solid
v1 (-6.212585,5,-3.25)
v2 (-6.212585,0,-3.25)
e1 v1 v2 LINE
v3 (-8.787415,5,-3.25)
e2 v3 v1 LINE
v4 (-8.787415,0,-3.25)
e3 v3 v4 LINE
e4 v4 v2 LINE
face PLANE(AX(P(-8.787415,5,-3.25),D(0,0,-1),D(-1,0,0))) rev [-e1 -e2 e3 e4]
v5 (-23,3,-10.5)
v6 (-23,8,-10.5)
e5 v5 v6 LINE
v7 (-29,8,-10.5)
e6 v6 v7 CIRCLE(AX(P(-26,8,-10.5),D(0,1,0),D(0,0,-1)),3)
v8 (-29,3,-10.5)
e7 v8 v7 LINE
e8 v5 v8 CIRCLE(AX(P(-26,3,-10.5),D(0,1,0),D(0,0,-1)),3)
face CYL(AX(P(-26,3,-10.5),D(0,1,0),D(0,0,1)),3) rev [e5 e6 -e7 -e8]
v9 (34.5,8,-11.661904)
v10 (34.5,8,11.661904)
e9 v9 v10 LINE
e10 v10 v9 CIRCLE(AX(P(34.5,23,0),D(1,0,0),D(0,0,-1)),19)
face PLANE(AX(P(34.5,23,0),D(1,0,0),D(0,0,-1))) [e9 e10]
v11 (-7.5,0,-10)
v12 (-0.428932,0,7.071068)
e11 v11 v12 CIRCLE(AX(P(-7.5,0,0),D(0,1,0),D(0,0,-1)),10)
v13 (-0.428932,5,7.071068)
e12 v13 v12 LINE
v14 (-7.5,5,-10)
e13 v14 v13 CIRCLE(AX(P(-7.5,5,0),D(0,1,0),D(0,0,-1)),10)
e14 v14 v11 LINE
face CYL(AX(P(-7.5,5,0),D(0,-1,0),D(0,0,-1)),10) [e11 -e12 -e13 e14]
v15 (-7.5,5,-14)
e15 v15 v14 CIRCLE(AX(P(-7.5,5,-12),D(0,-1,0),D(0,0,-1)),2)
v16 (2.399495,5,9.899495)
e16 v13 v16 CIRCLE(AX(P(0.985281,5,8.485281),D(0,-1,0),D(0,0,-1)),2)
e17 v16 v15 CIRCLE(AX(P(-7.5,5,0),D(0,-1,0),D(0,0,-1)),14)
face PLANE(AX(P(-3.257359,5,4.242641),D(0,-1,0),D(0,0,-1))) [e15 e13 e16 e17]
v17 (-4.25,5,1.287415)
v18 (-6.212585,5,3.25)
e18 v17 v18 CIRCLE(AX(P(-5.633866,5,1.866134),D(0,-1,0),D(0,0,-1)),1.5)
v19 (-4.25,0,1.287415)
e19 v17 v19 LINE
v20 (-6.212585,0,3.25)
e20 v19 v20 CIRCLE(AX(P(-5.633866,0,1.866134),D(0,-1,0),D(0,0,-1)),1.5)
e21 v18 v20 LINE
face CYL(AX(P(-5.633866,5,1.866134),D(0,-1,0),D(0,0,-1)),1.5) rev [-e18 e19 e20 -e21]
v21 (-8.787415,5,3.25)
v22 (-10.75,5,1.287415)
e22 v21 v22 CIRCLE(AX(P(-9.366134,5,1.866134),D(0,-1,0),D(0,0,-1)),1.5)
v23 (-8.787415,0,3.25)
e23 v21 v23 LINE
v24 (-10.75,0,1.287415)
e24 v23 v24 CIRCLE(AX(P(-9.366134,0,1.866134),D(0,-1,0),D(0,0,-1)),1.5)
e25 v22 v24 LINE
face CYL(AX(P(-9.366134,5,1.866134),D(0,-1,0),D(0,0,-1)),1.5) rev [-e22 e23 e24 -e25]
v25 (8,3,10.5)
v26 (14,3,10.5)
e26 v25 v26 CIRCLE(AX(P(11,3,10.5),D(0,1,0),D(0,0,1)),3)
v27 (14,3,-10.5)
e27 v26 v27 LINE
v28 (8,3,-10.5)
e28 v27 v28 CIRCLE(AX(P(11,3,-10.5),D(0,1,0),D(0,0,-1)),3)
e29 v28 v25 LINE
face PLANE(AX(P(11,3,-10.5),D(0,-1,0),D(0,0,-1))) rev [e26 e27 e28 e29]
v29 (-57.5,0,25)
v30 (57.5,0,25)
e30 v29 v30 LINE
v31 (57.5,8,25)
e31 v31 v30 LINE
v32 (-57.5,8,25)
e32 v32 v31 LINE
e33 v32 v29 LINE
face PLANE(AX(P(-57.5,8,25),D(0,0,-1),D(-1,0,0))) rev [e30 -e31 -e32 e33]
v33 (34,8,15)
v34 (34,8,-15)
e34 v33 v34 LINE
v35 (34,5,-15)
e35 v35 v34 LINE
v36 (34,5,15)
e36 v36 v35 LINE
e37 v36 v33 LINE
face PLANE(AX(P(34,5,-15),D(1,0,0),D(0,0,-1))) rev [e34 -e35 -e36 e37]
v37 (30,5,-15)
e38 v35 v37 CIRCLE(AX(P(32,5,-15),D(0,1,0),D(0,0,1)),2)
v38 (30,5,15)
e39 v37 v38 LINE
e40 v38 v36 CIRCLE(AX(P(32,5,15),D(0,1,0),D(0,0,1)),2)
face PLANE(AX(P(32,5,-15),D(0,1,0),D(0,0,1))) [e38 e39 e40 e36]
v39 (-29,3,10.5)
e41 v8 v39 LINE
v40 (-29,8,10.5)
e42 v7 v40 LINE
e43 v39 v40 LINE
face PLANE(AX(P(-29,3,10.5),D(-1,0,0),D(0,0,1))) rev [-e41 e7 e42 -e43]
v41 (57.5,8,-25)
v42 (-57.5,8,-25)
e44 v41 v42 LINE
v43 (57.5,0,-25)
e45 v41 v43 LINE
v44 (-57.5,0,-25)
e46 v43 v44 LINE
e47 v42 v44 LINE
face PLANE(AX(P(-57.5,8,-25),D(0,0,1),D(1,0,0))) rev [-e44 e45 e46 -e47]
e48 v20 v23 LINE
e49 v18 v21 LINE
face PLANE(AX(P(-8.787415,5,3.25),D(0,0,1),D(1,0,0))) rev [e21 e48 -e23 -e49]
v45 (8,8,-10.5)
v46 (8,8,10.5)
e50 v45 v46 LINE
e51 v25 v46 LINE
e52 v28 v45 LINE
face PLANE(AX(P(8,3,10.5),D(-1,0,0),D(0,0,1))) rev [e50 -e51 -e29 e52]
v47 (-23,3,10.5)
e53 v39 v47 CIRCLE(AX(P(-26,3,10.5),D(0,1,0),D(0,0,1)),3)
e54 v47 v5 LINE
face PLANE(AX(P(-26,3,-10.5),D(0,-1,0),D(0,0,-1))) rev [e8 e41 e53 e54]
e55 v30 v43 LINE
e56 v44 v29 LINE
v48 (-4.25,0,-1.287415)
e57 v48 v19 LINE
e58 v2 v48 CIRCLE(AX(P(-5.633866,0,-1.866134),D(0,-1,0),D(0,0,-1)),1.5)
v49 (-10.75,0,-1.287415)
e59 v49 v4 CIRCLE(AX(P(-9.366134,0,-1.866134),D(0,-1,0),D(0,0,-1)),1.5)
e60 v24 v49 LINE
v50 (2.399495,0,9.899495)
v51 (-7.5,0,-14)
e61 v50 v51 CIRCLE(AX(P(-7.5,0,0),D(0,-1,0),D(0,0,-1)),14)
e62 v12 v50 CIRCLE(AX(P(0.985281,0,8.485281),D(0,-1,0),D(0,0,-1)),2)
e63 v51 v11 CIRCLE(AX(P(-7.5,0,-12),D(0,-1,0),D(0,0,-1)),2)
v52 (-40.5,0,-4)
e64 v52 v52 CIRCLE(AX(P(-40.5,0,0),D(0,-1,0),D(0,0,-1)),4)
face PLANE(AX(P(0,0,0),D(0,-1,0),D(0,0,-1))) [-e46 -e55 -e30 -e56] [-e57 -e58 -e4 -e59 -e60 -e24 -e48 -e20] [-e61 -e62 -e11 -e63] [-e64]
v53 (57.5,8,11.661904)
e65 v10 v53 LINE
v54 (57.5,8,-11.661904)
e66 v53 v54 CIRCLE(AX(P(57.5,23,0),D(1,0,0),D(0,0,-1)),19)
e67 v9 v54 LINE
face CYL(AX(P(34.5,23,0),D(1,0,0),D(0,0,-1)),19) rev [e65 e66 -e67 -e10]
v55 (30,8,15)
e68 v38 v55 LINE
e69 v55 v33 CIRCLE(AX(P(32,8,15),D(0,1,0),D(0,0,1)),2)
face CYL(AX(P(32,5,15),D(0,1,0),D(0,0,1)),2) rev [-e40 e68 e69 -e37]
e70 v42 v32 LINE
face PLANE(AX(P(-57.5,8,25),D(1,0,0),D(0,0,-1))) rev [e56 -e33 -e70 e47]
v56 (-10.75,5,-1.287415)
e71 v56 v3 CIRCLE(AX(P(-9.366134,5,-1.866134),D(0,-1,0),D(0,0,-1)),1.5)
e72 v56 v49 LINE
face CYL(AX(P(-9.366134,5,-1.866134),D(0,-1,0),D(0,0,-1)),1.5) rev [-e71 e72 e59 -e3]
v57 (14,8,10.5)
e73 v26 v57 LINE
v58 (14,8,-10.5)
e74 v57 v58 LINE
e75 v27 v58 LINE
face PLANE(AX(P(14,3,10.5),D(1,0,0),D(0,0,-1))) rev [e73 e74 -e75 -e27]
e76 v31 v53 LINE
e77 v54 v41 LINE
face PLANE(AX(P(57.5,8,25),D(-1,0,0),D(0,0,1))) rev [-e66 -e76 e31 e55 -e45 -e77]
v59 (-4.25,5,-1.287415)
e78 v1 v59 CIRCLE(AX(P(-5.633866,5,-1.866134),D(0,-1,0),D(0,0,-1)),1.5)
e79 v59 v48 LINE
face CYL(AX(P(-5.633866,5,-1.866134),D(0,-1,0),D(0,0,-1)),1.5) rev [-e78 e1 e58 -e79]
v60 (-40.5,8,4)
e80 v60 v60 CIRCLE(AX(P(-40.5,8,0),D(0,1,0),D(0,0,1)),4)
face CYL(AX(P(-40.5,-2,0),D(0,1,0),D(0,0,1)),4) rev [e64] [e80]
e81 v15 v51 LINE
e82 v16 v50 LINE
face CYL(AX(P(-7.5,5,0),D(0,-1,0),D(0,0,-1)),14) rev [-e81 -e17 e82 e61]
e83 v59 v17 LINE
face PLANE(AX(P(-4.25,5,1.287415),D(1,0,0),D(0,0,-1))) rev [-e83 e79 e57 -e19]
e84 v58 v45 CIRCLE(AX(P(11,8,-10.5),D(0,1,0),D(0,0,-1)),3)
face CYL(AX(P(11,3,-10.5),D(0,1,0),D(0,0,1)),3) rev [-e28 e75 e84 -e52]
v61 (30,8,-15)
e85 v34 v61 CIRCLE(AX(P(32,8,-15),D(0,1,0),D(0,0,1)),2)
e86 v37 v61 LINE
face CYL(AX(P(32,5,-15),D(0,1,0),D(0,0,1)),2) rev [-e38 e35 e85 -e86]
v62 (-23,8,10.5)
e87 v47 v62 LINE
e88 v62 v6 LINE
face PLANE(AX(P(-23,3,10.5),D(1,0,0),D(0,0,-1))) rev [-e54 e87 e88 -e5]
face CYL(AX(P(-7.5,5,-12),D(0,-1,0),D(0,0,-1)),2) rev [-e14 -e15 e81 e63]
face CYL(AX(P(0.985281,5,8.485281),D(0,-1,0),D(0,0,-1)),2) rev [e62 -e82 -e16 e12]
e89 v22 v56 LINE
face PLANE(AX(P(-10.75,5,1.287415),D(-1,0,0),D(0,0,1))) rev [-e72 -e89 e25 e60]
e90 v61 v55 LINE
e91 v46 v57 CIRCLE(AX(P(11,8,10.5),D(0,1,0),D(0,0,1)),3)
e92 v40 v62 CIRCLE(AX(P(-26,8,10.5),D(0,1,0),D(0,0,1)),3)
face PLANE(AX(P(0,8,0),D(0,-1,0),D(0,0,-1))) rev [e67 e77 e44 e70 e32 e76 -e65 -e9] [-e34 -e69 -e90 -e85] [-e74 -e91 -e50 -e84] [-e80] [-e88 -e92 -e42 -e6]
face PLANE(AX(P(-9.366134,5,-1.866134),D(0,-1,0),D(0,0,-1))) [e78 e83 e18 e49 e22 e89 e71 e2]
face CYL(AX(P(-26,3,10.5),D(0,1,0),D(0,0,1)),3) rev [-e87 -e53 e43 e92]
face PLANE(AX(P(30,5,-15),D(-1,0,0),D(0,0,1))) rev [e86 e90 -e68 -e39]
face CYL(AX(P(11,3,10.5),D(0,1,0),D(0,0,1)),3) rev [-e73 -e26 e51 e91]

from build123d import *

# Parameters (mm, degrees)
SKETCH1_W           = 115
SKETCH1_H           = 50
BOSS_EXTRUDE1_DEPTH = 8
SKETCH2_R           = 4
CUT_EXTRUDE1_DEPTH  = 10
CUT_EXTRUDE2_DEPTH  = 5
LPATTERN1_COUNT     = 2
LPATTERN1_PITCH     = 37
CUT_EXTRUDE3_DEPTH  = 3
CUT_EXTRUDE4_DEPTH  = 23
CUT_EXTRUDE8_DEPTH  = 5
CUT_EXTRUDE9_DEPTH  = 5


with BuildPart() as part:
    # Sketch1 → Boss-Extrude1 (new body)
    with BuildSketch(Plane(origin=(0, 0, 0), x_dir=(1, 0, 0), z_dir=(0, 1, 0))):
        Rectangle(SKETCH1_W, SKETCH1_H)
    extrude(amount=BOSS_EXTRUDE1_DEPTH)

    # Sketch2 → Cut-Extrude1 (cut)
    with BuildSketch(Plane(origin=(0, 8, 0), x_dir=(1, 0, 0), z_dir=(0, 1, 0))):
        with Locations(Location((-40.5, 0, 0), (0, 0, 270))):
            Circle(SKETCH2_R)
    extrude(amount=-CUT_EXTRUDE1_DEPTH, mode=Mode.SUBTRACT)

    # Sketch3 → Cut-Extrude2 (cut)
    with BuildSketch(Plane(origin=(0, 8, 0), x_dir=(1, 0, 0), z_dir=(0, 1, 0))):
        with BuildLine():
            Line((-29, -10.5), (-29, 10.5))
            ThreePointArc((-29, 10.5), (-26, 13.5), (-23, 10.5))
            Line((-23, 10.5), (-23, -10.5))
            ThreePointArc((-23, -10.5), (-26, -13.5), (-29, -10.5))
        make_face()
    cut_extrude2 = extrude(amount=-CUT_EXTRUDE2_DEPTH, mode=Mode.SUBTRACT)

    # LPattern1: Cut-Extrude2 ×2
    with Locations(*[(i * LPATTERN1_PITCH, 0, 0) for i in range(1, LPATTERN1_COUNT)]):
        add(cut_extrude2, mode=Mode.SUBTRACT)

    # Sketch4 → Cut-Extrude3 (cut)
    with BuildSketch(Plane(origin=(0, 8, 0), x_dir=(1, 0, 0), z_dir=(0, 1, 0))):
        with BuildLine():
            Line((34, 15), (34, -15))
            ThreePointArc((34, -15), (32, -17), (30, -15))
            Line((30, -15), (30, 15))
            ThreePointArc((30, 15), (32, 17), (34, 15))
        make_face()
    extrude(amount=-CUT_EXTRUDE3_DEPTH, mode=Mode.SUBTRACT)

    # Sketch5 → Cut-Extrude4 (cut)
    with BuildSketch(Plane(origin=(57.5, 0, 0), x_dir=(0, 0, -1), z_dir=(1, 0, 0))):
        with BuildLine():
            Line((11.66190379, 8), (0, 23))
            Line((0, 23), (-11.66190379, 8))
            ThreePointArc((-11.66190379, 8), (0, 4), (11.66190379, 8))
        make_face()
    extrude(amount=-CUT_EXTRUDE4_DEPTH, mode=Mode.SUBTRACT)

    # Sketch9 → Cut-Extrude8 (cut)
    with BuildSketch(Plane.XZ):
        with BuildLine():
            Line((-8.787415011, 3.25), (-6.212584989, 3.25))
            ThreePointArc((-6.212584989, 3.25), (-4.573205347, 2.926794653), (-4.25, 1.287415011))
            Line((-4.25, 1.287415011), (-4.25, -1.287415011))
            ThreePointArc((-4.25, -1.287415011), (-4.573205347, -2.926794653), (-6.212584989, -3.25))
            Line((-6.212584989, -3.25), (-8.787415011, -3.25))
            ThreePointArc((-8.787415011, -3.25), (-10.426794653, -2.926794653), (-10.75, -1.287415011))
            Line((-10.75, -1.287415011), (-10.75, 1.287415011))
            ThreePointArc((-10.75, 1.287415011), (-10.426794653, 2.926794653), (-8.787415011, 3.25))
        make_face()
    extrude(amount=-CUT_EXTRUDE8_DEPTH, mode=Mode.SUBTRACT)

    # Sketch10 → Cut-Extrude9 (cut)
    with BuildSketch(Plane.XZ):
        with BuildLine():
            ThreePointArc((2.399494937, 9.899494937), (-20.434313455, 5.357568053), (-7.5, -14))
            ThreePointArc((-7.5, -14), (-5.5, -12), (-7.5, -10))
            ThreePointArc((-7.5, -10), (-16.738795325, 3.826834324), (-0.428932188, 7.071067812))
            ThreePointArc((-0.428932188, 7.071067812), (2.399494937, 7.071067812), (2.399494937, 9.899494937))
        make_face()
    extrude(amount=-CUT_EXTRUDE9_DEPTH, mode=Mode.SUBTRACT)


solid = part.part
